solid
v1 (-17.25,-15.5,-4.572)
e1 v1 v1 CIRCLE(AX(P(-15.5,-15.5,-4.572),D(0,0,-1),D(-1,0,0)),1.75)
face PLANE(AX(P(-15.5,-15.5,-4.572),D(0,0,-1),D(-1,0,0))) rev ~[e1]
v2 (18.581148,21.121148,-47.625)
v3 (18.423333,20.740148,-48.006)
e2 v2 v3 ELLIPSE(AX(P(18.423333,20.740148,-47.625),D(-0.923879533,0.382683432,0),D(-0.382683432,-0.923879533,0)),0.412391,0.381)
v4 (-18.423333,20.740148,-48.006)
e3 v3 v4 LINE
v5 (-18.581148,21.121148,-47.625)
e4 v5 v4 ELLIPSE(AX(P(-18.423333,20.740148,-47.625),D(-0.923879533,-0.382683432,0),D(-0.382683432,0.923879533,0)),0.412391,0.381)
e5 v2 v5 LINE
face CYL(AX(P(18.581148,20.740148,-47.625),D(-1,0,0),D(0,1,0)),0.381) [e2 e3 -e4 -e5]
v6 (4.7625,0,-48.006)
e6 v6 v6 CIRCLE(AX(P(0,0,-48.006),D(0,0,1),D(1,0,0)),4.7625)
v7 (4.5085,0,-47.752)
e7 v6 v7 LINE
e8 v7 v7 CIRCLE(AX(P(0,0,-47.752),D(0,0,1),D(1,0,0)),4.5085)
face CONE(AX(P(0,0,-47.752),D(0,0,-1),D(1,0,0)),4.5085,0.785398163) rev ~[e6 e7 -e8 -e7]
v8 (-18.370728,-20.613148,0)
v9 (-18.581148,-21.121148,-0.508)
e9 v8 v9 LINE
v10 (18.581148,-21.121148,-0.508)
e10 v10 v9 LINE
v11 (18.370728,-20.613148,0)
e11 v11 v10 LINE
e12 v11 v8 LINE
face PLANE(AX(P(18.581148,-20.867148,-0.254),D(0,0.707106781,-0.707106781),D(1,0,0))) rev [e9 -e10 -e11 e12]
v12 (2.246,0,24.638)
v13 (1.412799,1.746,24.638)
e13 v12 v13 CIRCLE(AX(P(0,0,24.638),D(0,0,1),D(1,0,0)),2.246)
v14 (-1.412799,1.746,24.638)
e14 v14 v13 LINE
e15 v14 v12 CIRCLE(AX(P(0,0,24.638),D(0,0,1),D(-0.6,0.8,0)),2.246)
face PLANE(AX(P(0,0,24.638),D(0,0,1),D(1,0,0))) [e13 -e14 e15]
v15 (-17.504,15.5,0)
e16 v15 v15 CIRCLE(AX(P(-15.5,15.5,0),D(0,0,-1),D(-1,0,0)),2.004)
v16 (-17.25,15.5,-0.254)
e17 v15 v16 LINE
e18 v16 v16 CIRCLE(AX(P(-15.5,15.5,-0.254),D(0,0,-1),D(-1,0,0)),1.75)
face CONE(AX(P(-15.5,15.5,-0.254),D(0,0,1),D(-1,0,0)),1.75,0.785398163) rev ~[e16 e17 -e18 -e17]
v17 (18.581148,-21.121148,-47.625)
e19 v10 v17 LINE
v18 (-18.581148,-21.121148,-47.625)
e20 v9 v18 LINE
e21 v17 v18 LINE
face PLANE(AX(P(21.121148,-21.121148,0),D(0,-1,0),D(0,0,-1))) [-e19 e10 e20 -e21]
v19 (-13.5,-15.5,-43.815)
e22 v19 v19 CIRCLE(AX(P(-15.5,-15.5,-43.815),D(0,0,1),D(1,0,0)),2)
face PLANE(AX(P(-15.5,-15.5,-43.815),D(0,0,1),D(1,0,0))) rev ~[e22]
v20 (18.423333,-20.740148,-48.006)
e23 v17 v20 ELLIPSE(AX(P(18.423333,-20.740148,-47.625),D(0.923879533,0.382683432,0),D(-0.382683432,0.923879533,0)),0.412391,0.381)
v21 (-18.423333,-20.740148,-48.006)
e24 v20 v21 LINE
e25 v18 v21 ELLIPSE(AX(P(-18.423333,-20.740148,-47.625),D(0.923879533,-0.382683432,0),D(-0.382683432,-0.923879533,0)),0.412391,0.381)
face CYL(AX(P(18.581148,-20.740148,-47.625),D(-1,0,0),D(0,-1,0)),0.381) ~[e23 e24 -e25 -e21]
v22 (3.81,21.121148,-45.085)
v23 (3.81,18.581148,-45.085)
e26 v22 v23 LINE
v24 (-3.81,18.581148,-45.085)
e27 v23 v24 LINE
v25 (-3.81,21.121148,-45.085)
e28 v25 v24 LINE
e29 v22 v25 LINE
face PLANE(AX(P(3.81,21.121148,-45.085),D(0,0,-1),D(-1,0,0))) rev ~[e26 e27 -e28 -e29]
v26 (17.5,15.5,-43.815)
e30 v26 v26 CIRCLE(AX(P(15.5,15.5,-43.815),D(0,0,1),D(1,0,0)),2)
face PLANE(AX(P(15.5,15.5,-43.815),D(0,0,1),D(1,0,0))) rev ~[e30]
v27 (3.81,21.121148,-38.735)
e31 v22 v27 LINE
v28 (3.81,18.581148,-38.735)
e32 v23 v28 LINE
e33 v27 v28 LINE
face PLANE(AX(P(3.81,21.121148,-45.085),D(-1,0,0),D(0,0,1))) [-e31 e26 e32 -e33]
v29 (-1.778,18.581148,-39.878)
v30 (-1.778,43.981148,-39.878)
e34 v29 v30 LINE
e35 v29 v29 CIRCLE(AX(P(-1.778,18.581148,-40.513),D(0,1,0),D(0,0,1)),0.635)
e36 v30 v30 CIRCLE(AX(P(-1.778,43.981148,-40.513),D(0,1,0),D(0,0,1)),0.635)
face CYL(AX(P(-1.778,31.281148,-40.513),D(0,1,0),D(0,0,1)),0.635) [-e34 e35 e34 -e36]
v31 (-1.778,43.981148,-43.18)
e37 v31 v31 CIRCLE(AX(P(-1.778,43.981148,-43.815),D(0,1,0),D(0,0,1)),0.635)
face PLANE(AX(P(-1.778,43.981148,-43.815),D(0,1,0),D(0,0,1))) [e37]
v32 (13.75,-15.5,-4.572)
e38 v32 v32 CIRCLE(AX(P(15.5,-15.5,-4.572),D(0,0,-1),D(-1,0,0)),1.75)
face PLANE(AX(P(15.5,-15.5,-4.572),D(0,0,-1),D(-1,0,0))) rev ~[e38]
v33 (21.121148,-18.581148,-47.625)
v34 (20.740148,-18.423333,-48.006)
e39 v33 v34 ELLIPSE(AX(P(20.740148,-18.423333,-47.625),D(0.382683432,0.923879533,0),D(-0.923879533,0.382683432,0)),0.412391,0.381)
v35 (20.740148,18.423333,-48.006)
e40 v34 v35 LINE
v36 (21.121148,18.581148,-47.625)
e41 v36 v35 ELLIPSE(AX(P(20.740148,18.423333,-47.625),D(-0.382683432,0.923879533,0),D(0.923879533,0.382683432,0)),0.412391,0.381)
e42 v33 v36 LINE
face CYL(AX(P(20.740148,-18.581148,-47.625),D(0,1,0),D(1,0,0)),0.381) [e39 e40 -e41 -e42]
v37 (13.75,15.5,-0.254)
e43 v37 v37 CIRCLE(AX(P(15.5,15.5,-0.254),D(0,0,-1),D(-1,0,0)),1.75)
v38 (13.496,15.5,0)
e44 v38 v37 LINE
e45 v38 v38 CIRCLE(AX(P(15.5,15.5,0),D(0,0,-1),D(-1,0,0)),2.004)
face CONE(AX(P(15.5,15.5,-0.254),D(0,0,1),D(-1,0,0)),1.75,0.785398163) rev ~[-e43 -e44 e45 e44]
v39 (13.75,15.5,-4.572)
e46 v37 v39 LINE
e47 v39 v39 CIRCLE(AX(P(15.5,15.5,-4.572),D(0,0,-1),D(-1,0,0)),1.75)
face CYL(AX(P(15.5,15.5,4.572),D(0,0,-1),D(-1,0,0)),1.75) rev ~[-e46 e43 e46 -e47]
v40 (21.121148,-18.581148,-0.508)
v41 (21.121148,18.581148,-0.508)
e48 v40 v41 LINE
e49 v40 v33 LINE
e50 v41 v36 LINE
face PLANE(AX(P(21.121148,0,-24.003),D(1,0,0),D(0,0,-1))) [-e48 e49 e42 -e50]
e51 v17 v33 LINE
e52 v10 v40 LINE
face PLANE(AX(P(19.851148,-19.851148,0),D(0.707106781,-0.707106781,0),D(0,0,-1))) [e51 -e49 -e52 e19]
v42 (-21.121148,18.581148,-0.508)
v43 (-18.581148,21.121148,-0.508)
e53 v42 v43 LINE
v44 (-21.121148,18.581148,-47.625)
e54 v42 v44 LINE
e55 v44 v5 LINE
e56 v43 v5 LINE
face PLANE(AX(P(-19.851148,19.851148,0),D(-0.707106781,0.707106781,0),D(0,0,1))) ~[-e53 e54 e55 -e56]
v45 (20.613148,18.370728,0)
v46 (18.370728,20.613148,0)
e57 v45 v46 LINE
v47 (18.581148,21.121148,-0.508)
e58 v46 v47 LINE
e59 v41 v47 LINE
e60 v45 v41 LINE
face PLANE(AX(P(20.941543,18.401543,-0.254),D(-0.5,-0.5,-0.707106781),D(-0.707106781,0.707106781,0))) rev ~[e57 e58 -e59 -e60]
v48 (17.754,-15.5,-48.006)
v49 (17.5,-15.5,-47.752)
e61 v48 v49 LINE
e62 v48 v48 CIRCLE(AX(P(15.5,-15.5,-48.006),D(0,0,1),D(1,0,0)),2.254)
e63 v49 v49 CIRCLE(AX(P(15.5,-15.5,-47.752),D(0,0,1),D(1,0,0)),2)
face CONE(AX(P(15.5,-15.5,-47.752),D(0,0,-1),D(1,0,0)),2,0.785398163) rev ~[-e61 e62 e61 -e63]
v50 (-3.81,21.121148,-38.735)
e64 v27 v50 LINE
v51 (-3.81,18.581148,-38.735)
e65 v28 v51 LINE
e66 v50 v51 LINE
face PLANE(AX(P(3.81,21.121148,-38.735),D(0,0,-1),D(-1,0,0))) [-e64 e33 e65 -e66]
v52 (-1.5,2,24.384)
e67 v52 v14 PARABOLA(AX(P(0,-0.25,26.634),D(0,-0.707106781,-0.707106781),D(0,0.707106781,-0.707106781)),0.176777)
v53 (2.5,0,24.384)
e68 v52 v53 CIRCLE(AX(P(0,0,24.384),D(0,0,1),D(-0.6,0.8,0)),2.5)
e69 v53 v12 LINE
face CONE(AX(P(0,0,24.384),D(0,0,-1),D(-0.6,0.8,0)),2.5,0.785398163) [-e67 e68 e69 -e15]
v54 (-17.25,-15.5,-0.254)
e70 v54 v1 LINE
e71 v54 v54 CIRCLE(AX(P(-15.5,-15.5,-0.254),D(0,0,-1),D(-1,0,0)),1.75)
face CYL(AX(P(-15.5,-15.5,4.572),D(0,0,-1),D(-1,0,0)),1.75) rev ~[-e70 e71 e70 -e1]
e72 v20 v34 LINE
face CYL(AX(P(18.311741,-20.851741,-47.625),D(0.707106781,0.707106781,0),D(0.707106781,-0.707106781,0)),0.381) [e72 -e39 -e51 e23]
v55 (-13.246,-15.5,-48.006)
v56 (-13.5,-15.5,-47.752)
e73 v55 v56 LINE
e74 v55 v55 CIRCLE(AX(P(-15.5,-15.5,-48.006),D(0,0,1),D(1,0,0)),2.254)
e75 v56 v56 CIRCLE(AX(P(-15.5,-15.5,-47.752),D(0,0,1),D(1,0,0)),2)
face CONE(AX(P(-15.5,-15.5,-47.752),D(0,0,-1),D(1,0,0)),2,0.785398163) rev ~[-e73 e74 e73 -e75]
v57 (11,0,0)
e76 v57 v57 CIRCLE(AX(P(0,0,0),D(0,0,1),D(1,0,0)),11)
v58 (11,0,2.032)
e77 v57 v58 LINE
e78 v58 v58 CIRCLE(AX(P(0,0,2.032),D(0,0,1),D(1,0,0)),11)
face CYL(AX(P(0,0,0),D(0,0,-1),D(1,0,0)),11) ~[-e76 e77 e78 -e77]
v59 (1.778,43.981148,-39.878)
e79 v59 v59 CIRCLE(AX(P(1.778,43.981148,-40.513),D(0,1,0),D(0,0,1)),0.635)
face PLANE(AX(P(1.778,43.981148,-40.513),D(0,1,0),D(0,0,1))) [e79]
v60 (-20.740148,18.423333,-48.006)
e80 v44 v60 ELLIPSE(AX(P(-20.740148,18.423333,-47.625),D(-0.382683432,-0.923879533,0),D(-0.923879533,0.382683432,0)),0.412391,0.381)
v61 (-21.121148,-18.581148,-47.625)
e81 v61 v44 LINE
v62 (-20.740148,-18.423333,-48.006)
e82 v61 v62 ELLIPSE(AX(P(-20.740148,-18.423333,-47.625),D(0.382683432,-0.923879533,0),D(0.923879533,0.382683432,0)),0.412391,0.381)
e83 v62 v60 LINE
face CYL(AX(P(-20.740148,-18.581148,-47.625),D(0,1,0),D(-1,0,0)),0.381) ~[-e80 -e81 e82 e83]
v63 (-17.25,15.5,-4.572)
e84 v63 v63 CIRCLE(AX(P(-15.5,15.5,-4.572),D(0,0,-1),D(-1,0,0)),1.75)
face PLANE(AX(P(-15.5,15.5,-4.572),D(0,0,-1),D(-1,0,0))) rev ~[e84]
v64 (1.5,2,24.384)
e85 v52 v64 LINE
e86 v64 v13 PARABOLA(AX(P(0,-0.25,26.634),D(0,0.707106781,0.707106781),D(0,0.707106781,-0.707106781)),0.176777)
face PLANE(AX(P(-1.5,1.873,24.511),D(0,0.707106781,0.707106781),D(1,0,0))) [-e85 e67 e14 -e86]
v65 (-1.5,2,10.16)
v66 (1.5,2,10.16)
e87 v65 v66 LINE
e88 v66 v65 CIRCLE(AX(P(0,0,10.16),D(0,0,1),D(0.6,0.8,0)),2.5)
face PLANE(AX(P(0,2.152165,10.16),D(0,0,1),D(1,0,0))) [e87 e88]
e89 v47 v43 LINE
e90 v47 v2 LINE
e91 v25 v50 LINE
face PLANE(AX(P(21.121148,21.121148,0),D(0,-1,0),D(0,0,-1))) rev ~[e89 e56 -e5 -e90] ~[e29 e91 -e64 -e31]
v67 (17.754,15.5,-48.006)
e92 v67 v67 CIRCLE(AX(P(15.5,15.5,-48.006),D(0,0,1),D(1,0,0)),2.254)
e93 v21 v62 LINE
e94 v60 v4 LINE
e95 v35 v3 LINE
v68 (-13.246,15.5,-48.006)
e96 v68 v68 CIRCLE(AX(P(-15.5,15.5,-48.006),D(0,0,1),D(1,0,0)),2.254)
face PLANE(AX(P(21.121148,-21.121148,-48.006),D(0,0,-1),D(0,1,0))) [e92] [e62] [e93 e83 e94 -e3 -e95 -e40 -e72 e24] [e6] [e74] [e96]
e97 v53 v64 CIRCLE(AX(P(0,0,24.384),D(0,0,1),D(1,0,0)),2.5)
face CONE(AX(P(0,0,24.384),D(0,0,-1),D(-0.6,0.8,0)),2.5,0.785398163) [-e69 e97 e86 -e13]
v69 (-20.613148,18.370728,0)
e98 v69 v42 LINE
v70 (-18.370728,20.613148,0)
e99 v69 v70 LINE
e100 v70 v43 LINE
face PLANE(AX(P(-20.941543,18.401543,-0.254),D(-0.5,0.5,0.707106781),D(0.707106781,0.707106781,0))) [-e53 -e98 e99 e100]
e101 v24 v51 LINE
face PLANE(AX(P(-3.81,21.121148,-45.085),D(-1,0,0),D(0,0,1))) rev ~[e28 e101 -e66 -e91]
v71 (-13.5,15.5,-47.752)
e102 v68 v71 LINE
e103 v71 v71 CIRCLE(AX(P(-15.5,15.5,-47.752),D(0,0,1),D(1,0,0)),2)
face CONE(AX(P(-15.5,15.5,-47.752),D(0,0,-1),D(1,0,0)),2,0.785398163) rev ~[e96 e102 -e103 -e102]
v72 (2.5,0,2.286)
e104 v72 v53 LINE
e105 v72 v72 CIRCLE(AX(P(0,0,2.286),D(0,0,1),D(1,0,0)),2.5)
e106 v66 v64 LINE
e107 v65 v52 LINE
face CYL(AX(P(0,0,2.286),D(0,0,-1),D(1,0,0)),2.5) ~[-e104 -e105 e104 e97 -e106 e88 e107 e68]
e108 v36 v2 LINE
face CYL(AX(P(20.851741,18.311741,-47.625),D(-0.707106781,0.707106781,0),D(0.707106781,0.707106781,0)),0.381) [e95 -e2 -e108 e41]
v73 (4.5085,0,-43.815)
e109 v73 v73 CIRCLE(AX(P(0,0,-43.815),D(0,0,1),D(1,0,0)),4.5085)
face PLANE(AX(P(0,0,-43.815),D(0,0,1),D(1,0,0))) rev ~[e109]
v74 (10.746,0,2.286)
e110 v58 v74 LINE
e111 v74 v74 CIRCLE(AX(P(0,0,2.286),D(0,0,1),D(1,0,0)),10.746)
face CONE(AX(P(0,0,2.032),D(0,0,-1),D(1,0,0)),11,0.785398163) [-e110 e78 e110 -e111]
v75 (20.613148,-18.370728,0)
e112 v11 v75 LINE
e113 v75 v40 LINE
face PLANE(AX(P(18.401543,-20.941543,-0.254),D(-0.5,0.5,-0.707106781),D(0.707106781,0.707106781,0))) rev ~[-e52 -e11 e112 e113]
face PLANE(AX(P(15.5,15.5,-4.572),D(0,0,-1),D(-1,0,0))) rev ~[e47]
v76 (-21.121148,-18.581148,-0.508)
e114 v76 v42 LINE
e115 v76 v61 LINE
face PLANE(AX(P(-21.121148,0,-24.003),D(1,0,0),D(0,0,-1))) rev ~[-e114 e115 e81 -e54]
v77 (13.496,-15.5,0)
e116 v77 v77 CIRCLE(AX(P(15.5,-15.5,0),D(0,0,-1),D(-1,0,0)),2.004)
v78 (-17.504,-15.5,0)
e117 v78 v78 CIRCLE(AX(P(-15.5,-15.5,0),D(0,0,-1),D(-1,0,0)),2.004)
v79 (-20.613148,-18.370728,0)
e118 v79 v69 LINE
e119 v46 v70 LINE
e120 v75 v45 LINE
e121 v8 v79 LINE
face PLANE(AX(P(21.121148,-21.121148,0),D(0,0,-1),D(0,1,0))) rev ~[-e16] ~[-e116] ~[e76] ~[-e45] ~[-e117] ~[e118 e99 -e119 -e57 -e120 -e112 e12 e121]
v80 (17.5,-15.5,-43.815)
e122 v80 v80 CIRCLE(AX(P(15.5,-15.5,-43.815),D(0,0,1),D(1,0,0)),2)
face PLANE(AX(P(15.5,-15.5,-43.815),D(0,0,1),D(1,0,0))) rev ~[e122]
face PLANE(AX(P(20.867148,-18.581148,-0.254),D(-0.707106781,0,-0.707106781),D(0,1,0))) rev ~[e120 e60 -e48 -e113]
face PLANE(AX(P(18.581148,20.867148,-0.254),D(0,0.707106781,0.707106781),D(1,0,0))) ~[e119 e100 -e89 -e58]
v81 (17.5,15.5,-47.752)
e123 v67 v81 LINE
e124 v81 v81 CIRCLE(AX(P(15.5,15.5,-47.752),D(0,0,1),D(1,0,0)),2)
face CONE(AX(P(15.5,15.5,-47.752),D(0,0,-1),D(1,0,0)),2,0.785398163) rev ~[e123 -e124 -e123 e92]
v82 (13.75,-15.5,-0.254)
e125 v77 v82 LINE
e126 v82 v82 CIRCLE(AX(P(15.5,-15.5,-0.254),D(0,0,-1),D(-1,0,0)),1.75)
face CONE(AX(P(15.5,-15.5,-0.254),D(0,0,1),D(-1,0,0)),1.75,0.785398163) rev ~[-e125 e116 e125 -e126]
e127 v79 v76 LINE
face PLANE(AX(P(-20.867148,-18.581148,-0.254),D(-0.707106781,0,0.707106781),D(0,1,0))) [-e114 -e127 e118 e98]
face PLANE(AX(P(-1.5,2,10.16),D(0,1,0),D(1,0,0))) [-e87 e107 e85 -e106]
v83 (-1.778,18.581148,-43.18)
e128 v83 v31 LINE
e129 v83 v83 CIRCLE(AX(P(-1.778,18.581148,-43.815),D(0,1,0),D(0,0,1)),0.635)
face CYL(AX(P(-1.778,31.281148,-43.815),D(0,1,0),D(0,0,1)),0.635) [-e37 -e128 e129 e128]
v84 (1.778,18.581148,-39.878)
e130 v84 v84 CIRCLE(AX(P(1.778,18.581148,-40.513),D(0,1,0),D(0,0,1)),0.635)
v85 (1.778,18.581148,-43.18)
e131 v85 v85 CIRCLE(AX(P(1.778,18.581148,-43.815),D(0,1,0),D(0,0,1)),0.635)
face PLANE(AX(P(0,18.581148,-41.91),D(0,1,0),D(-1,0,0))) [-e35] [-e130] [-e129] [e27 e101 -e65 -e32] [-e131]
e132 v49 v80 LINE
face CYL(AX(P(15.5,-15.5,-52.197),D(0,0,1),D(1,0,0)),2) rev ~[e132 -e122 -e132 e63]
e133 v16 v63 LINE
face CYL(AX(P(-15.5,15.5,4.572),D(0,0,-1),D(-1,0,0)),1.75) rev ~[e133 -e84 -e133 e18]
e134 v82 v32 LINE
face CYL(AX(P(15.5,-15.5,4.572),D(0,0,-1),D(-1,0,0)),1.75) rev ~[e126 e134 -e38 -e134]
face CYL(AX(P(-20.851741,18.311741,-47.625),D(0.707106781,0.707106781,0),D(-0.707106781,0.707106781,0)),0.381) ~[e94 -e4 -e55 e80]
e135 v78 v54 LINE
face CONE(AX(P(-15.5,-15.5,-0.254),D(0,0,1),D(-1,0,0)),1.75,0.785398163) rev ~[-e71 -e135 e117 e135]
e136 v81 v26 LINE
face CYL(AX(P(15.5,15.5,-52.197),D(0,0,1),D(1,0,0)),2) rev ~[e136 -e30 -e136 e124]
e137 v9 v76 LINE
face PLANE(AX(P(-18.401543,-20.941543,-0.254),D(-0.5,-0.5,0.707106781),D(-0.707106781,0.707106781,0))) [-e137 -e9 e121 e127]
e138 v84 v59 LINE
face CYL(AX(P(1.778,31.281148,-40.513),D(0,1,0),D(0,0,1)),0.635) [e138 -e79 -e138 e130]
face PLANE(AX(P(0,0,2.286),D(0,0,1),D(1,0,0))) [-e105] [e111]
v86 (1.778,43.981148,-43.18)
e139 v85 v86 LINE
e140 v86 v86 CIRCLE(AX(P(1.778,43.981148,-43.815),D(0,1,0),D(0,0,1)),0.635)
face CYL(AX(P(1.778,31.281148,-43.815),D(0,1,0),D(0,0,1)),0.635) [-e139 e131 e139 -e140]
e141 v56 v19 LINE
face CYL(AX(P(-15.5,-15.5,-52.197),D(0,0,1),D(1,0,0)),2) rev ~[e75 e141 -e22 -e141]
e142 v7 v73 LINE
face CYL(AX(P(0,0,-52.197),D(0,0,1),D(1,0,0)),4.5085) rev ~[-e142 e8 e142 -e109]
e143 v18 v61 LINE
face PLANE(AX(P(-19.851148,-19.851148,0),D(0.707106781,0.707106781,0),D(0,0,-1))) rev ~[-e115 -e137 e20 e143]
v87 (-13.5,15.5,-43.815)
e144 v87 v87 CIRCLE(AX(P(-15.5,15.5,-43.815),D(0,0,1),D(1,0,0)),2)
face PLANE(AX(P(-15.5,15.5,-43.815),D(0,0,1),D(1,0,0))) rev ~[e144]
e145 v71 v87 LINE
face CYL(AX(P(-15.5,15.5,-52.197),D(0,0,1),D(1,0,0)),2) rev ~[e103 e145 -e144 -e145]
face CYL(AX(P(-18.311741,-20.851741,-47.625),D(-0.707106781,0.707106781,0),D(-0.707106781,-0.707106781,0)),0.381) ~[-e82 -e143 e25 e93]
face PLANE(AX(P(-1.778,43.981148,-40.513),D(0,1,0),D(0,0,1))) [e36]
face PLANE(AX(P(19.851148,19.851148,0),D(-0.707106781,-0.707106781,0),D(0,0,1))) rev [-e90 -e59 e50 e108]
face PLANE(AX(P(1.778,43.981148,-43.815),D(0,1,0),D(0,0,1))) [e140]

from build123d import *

# Parameters (mm, degrees)
ESQUISSE1_W                         = 48.006
ESQUISSE1_H                         = 42.242296956
BOSS_EXTRU_1_DEPTH                  = 42.242296957
ESQUISSE2_R                         = 11
BOSS_EXTRU_2_DEPTH                  = 2.286
ESQUISSE3_R                         = 2.5
BOSS_EXTRU_3_DEPTH                  = 22.352
ENL_V_START                         = -14.478
ENL_V_MAT_EXTRU_1_DEPTH             = 14.478
ESQUISSE5_W                         = 7.62
ESQUISSE5_H                         = 6.35
ENL_V_MAT_EXTRU_2_DEPTH             = 2.54
ESQUISSE6_W                         = 0.635
ESQUISSE6_H                         = 25.4
ESQUISSE7_W                         = 0.635
ESQUISSE7_H                         = 25.4
ESQUISSE8_W                         = 0.635
ESQUISSE8_H                         = 25.4
ESQUISSE9_W                         = 0.635
ESQUISSE9_H                         = 25.4
D_GAGEMENT_M81_D                    = 9.017
D_GAGEMENT_M81_DEPTH                = 4.191
DIAM_TRE_DU_PER_AGE_4_0_4_1_D       = 4
DIAM_TRE_DU_PER_AGE_4_0_4_1_DEPTH   = 4.191
DIAM_TRE_DU_PER_AGE_3_5_3_5_1_D     = 3.5
DIAM_TRE_DU_PER_AGE_3_5_3_5_1_DEPTH = 4.572
CHANFREIN1_SIZE                     = 0.254
CHANFREIN2_SIZE                     = 2.54
CHANFREIN3_SIZE                     = 0.508
CONG_1_R                            = 0.381


with BuildPart() as part:
    # Esquisse1 → Boss.-Extru.1 (new body)
    with BuildSketch(Plane(origin=(21.121148478, 0, 0), x_dir=(0, 0, -1), z_dir=(1, 0, 0))):
        with Locations((24.003, 0)):
            Rectangle(ESQUISSE1_W, ESQUISSE1_H)
    extrude(amount=-BOSS_EXTRU_1_DEPTH)

    # Esquisse2 → Boss.-Extru.2 (add)
    with BuildSketch(Plane.XY):
        Circle(ESQUISSE2_R)
    extrude(amount=BOSS_EXTRU_2_DEPTH)

    # Esquisse3 → Boss.-Extru.3 (add)
    with BuildSketch(Plane.XY.offset(2.286)):
        Circle(ESQUISSE3_R)
    extrude(amount=BOSS_EXTRU_3_DEPTH)

    # Esquisse4 → Enlèv. mat.-Extru.1 (cut)
    with BuildSketch(Plane.XY.offset(24.638).offset(ENL_V_START)):
        with BuildLine():
            Line((-1.5, 2), (1.5, 2))
            ThreePointArc((1.5, 2), (0, 2.5), (-1.5, 2))
        make_face()
    extrude(amount=ENL_V_MAT_EXTRU_1_DEPTH, mode=Mode.SUBTRACT)

    # Esquisse5 → Enlèv. mat.-Extru.2 (cut)
    with BuildSketch(Plane(origin=(0, 21.121148478, 0), x_dir=(-1, 0, 0), z_dir=(0, 1, 0))):
        with Locations((0, -41.91)):
            Rectangle(ESQUISSE5_W, ESQUISSE5_H)
    extrude(amount=-ENL_V_MAT_EXTRU_2_DEPTH, mode=Mode.SUBTRACT)

    # Esquisse6 → Révolution1 (revolve)
    with BuildSketch(Plane(origin=(0, 0, -43.815), x_dir=(-1, 0, 0), z_dir=(0, 0, -1)), mode=Mode.PRIVATE) as r_volution1_sk:
        with Locations((-2.0955, 31.281148478)):
            Rectangle(ESQUISSE6_W, ESQUISSE6_H)
    revolve(r_volution1_sk.sketch.rotate(Axis((1.778, 18.581148478, -43.815), (0, 1, 0)), 270), axis=Axis((1.778, 18.581148478, -43.815), (0, 1, 0)))

    # Esquisse7 → Révolution2 (revolve)
    with BuildSketch(Plane(origin=(0, 0, -40.513), x_dir=(-1, 0, 0), z_dir=(0, 0, -1)), mode=Mode.PRIVATE) as r_volution2_sk:
        with Locations((-2.0955, 31.281148478)):
            Rectangle(ESQUISSE7_W, ESQUISSE7_H)
    revolve(r_volution2_sk.sketch.rotate(Axis((1.778, 18.581148478, -40.513), (0, 1, 0)), 270), axis=Axis((1.778, 18.581148478, -40.513), (0, 1, 0)))

    # Esquisse8 → Révolution3 (revolve)
    with BuildSketch(Plane(origin=(0, 0, -43.815), x_dir=(-1, 0, 0), z_dir=(0, 0, -1)), mode=Mode.PRIVATE) as r_volution3_sk:
        with Locations((1.4605, 31.281148478)):
            Rectangle(ESQUISSE8_W, ESQUISSE8_H)
    revolve(r_volution3_sk.sketch.rotate(Axis((-1.778, 18.581148478, -43.815), (0, 1, 0)), 270), axis=Axis((-1.778, 18.581148478, -43.815), (0, 1, 0)))

    # Esquisse9 → Révolution4 (revolve)
    with BuildSketch(Plane(origin=(0, 0, -40.513), x_dir=(-1, 0, 0), z_dir=(0, 0, -1)), mode=Mode.PRIVATE) as r_volution4_sk:
        with Locations((1.4605, 31.281148478)):
            Rectangle(ESQUISSE9_W, ESQUISSE9_H)
    revolve(r_volution4_sk.sketch.rotate(Axis((-1.778, 18.581148478, -40.513), (0, 1, 0)), 270), axis=Axis((-1.778, 18.581148478, -40.513), (0, 1, 0)))

    # Dégagement M81
    with Locations(Plane(origin=(0, 0, -48.006), x_dir=(-1, 0, 0), z_dir=(0, 0, -1))):
        with Locations((0, 0)):
            Hole(D_GAGEMENT_M81_D / 2, depth=D_GAGEMENT_M81_DEPTH)

    # Diamètre du perçage Ø4.0 (4)1
    with Locations(Plane(origin=(0, 0, -48.006), x_dir=(-1, 0, 0), z_dir=(0, 0, -1))):
        with Locations((15.5, 15.5), (-15.5, -15.5), (15.5, -15.5), (-15.5, 15.5)):
            Hole(DIAM_TRE_DU_PER_AGE_4_0_4_1_D / 2, depth=DIAM_TRE_DU_PER_AGE_4_0_4_1_DEPTH)

    # Diamètre du perçage Ø3.5 (3.5)1
    with Locations(Plane.XY):
        with Locations((-15.5, 15.5), (15.5, 15.5), (-15.5, -15.5), (15.5, -15.5)):
            Hole(DIAM_TRE_DU_PER_AGE_3_5_3_5_1_D / 2, depth=DIAM_TRE_DU_PER_AGE_3_5_3_5_1_DEPTH)

    # Chanfrein1
    chanfrein1_edges = [part.edges().sort_by_distance(p)[0] for p in [
        (-11, 0, 2.286),
        (-1.118033989, -2.236067977, 24.638),
        (0, 2, 24.638),
        (-4.5085, 0, -48.006),
        (13.5, 15.5, -48.006),
        (-17.5, -15.5, -48.006),
        (13.5, -15.5, -48.006),
        (-17.5, 15.5, -48.006),
        (17.25, -15.5, 0),
        (-13.75, -15.5, 0),
        (17.25, 15.5, 0),
        (-13.75, 15.5, 0),
    ]]
    chamfer(chanfrein1_edges, length=CHANFREIN1_SIZE)

    # Chanfrein2
    chanfrein2_edges = [part.edges().sort_by_distance(p)[0] for p in [
        (-21.121148478, -21.121148478, -24.003),
        (-21.121148478, 21.121148478, -24.003),
        (21.121148478, -21.121148478, -24.003),
        (21.121148478, 21.121148478, -24.003),
    ]]
    chamfer(chanfrein2_edges, length=CHANFREIN2_SIZE)

    # Chanfrein3
    chanfrein3_edges = [part.edges().sort_by_distance(p)[0] for p in [
        (0, 21.121148478, 0),
        (21.121148478, 0, 0),
        (-21.121148478, 0, 0),
        (0, -21.121148478, 0),
        (19.851148478, -19.851148478, 0),
        (19.851148478, 19.851148478, 0),
        (-19.851148478, -19.851148478, 0),
        (-19.851148478, 19.851148478, 0),
    ]]
    chamfer(chanfrein3_edges, length=CHANFREIN3_SIZE)

    # Congé1
    cong_1_edges = [part.edges().sort_by_distance(p)[0] for p in [
        (0, 21.121148478, -48.006),
        (-21.121148478, 0, -48.006),
        (21.121148478, 0, -48.006),
        (0, -21.121148478, -48.006),
        (19.851148478, -19.851148478, -48.006),
        (19.851148478, 19.851148478, -48.006),
        (-19.851148478, -19.851148478, -48.006),
        (-19.851148478, 19.851148478, -48.006),
    ]]
    fillet(cong_1_edges, radius=CONG_1_R)


solid = part.part
